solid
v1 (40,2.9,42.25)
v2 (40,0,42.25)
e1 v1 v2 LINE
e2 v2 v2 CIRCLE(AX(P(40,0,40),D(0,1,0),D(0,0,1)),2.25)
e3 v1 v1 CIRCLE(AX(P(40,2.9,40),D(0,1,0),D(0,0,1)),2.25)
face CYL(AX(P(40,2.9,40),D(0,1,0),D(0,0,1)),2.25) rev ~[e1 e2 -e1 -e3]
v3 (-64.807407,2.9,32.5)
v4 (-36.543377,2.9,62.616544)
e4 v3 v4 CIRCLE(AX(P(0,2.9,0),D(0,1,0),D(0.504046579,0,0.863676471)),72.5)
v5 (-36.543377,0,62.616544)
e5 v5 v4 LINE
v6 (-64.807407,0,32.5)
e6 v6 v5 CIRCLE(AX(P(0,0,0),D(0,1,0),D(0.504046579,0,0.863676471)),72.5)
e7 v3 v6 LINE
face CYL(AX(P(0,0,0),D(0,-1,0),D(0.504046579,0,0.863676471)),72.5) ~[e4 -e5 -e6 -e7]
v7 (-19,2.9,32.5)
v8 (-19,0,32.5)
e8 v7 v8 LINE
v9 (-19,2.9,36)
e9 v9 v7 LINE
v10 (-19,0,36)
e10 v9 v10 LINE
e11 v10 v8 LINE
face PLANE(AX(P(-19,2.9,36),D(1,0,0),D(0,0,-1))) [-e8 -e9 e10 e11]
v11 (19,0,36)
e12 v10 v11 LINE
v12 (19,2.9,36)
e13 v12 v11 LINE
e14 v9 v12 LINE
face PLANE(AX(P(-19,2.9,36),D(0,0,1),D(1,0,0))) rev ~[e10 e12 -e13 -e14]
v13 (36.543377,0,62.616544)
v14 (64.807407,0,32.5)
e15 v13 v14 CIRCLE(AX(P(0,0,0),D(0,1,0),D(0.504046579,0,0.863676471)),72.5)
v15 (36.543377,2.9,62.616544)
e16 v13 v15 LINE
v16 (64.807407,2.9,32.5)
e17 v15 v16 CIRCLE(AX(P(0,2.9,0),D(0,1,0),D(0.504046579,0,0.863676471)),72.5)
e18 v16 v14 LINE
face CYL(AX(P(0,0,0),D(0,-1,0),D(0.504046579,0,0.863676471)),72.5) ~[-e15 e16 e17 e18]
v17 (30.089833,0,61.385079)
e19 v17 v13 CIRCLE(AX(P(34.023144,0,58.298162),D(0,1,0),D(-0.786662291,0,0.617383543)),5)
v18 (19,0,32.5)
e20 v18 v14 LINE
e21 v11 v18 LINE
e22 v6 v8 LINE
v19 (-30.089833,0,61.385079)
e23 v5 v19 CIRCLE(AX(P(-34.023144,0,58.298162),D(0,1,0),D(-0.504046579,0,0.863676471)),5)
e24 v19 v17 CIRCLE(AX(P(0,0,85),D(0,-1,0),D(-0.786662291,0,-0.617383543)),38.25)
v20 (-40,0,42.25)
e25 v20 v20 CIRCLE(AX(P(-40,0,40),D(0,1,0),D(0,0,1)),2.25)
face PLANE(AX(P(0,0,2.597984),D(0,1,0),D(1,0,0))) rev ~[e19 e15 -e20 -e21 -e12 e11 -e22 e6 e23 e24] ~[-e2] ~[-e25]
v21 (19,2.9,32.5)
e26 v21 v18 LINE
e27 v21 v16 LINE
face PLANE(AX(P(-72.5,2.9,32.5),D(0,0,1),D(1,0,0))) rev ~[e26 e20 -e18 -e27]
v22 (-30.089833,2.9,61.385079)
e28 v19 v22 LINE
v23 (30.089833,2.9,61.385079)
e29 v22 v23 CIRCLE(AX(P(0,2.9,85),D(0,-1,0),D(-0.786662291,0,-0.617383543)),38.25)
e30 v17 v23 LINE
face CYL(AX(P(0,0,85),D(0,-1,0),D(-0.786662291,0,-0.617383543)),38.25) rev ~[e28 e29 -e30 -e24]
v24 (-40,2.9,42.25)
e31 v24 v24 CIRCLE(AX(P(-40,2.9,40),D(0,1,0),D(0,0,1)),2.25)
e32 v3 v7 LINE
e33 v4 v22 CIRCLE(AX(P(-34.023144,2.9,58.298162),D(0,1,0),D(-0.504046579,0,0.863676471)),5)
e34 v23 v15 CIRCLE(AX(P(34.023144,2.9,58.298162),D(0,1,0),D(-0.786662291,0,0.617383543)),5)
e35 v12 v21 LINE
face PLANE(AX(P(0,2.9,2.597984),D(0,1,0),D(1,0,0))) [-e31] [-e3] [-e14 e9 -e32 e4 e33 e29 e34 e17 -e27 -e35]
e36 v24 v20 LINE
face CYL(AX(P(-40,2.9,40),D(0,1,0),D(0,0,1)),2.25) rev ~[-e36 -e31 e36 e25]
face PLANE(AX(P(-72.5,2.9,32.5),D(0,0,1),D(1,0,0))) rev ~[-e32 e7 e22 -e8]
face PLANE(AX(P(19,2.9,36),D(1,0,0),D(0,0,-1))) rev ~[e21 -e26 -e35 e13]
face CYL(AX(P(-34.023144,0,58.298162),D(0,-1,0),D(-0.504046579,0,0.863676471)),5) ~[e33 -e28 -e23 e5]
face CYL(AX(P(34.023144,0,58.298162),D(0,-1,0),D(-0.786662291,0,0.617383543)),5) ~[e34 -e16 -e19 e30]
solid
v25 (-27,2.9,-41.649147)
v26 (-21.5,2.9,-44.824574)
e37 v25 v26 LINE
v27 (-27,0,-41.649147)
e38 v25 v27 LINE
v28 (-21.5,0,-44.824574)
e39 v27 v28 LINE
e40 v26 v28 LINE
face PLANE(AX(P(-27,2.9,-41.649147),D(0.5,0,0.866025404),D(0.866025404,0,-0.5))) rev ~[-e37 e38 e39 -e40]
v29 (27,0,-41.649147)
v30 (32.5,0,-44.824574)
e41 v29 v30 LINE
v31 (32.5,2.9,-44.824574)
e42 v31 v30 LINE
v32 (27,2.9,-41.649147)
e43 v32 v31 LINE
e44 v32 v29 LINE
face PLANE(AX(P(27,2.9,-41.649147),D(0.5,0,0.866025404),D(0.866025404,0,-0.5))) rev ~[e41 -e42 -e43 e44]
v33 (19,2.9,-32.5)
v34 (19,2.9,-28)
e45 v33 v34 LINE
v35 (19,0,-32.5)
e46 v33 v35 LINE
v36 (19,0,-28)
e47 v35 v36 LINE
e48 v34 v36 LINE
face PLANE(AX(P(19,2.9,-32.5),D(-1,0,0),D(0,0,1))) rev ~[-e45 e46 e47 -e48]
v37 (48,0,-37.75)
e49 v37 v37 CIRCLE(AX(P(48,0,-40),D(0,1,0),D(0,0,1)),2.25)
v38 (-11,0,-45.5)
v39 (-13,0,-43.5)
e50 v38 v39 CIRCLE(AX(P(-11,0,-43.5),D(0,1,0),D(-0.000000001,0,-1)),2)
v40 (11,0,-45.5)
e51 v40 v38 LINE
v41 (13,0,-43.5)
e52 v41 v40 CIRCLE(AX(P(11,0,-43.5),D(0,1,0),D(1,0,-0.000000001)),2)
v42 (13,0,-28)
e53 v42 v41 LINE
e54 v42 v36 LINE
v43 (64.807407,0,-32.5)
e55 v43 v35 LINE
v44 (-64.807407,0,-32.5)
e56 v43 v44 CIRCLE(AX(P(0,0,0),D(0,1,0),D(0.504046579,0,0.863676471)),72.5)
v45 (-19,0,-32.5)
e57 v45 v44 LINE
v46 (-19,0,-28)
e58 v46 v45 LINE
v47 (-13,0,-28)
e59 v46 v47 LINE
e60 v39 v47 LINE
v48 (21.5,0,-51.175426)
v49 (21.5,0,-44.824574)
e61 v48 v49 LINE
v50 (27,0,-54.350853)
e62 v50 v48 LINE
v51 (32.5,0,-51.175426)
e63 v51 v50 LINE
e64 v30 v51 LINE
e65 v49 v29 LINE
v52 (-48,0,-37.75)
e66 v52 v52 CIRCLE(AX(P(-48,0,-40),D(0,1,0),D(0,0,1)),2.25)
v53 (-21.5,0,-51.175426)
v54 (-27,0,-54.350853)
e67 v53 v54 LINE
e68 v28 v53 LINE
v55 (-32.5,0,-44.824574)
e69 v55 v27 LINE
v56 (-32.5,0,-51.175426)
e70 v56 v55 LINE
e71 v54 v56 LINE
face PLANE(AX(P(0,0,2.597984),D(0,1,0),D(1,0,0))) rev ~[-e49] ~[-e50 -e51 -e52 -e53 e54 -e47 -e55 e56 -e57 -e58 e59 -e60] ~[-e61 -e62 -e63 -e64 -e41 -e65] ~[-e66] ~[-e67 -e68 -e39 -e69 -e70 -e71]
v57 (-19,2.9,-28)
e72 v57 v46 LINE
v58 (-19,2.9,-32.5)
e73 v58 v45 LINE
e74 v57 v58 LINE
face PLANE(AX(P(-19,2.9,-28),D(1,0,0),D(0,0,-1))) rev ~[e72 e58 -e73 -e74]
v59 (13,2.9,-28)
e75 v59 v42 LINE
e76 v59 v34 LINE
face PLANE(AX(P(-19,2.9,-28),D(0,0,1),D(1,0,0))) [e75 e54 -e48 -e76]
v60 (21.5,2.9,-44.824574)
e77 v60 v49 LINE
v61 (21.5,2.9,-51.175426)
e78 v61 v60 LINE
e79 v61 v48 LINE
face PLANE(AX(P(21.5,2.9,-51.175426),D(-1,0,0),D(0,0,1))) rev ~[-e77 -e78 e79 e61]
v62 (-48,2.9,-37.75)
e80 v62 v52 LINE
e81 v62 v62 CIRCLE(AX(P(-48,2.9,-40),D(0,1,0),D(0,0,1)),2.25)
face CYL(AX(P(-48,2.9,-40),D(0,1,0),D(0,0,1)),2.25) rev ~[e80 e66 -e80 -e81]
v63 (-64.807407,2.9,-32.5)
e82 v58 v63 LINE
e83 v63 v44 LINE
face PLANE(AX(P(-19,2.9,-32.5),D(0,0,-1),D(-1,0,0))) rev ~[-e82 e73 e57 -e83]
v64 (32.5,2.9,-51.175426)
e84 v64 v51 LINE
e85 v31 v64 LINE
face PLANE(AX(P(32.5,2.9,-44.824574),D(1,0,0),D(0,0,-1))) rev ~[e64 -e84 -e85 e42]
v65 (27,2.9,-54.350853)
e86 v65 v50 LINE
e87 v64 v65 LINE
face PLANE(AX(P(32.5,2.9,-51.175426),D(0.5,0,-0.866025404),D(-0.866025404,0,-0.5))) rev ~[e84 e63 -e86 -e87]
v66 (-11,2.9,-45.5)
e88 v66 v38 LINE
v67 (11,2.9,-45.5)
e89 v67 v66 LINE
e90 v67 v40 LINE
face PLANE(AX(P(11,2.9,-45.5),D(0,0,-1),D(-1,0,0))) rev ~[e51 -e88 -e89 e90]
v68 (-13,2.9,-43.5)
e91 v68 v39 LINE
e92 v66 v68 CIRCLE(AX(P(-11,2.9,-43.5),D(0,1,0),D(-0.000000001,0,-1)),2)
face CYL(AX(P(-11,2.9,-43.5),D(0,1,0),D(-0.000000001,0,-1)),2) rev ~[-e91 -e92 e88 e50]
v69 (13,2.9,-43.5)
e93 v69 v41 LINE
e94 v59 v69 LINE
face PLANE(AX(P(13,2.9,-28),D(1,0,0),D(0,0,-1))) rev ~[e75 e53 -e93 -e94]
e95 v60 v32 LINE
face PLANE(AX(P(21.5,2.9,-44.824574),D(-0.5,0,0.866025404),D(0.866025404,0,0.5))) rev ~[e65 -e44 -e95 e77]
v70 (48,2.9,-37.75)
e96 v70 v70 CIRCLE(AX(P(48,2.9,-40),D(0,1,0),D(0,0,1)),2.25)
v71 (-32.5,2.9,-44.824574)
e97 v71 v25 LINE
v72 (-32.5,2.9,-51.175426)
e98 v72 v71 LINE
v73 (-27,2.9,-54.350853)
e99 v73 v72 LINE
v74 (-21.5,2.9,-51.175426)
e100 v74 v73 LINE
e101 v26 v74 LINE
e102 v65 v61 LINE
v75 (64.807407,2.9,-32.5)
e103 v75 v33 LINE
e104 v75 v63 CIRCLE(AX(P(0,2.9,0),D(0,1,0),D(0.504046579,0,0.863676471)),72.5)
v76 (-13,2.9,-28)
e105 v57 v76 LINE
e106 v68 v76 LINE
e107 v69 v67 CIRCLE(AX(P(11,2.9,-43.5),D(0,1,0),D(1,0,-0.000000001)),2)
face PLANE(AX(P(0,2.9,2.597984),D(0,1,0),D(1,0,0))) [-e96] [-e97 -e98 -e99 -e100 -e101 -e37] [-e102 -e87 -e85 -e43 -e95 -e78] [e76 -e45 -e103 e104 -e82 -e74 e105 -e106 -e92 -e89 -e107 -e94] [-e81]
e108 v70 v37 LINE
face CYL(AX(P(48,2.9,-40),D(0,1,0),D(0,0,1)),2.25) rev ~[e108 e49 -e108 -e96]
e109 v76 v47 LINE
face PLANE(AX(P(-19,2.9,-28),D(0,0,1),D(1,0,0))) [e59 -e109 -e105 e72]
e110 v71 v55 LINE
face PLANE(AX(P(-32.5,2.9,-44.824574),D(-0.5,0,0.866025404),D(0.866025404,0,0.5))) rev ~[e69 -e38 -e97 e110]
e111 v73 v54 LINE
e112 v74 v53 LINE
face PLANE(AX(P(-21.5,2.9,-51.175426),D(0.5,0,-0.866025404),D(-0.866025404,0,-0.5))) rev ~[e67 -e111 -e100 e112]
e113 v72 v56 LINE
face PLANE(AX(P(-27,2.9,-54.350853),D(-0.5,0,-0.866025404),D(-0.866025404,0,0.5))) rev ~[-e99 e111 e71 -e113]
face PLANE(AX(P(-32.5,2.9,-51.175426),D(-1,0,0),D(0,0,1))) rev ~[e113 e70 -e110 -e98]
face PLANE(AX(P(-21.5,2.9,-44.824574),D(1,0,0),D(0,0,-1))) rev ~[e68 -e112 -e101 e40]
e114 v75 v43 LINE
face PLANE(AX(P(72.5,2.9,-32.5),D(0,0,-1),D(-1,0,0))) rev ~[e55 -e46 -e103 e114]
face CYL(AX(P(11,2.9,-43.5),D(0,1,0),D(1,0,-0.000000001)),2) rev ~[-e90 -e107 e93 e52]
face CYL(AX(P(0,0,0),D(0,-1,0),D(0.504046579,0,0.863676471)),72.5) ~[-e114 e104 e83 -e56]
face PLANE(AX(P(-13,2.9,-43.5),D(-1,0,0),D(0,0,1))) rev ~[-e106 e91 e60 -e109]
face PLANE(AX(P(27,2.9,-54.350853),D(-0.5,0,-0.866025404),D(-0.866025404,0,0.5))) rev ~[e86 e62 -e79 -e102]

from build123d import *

# Parameters (mm, degrees)
BOSS_EXTRUDE1_DEPTH  = 2.9
SOLENOID_PLACEMENT_W = 38
SOLENOID_PLACEMENT_H = 64
CUT_EXTRUDE1_DEPTH   = 103.571487266
CUT_EXTRUDE5_DEPTH   = 103.571487266
SKETCH6_R            = 2.25
CUT_EXTRUDE6_DEPTH   = 103.571487266
CUT_EXTRUDE3_DEPTH   = 103.571487266
CUT_EXTRUDE7_DEPTH   = 98.286484159


with BuildPart() as part:
    # Sketch1 → Boss-Extrude1 (new body)
    with BuildSketch(Plane(origin=(0, 0, 0), x_dir=(1, 0, 0), z_dir=(0, 1, 0))):
        with BuildLine():
            ThreePointArc((36.543377003, -62.616544118), (0, 72.5), (-36.543377003, -62.616544118))
            ThreePointArc((-36.543377003, -62.616544118), (-33.085954668, -63.20954405), (-30.089832649, -61.38507948))
            ThreePointArc((-30.089832649, -61.38507948), (0, -46.75), (30.089832649, -61.38507948))
            ThreePointArc((30.089832649, -61.38507948), (33.085954668, -63.20954405), (36.543377003, -62.616544118))
        make_face()
    extrude(amount=BOSS_EXTRUDE1_DEPTH)

    # solenoid placement → Cut-Extrude1 (cut, through all)
    with BuildSketch(Plane(origin=(0, 2.9, 0), x_dir=(1, 0, 0), z_dir=(0, 1, 0))):
        with Locations((0, -4)):
            Rectangle(SOLENOID_PLACEMENT_W, SOLENOID_PLACEMENT_H)
    extrude(amount=-CUT_EXTRUDE1_DEPTH, mode=Mode.SUBTRACT)

    # Sketch5 → Cut-Extrude5 (cut, through all)
    with BuildSketch(Plane(origin=(0, 2.9, 0), x_dir=(1, 0, 0), z_dir=(0, 1, 0))):
        Polygon((-21.5, 51.175426481), (-27, 54.350852961), (-32.5, 51.175426481), (-32.5, 44.824573519), (-27, 41.649147039), (-21.5, 44.824573519), align=None)
        Polygon((21.5, 51.175426481), (21.5, 44.824573519), (27, 41.649147039), (32.5, 44.824573519), (32.5, 51.175426481), (27, 54.350852961), align=None)
    extrude(amount=-CUT_EXTRUDE5_DEPTH, mode=Mode.SUBTRACT)

    # Sketch6 → Cut-Extrude6 (cut, through all)
    with BuildSketch(Plane(origin=(0, 2.9, 0), x_dir=(1, 0, 0), z_dir=(0, 1, 0))):
        with Locations(Location((48, 40, 0), (0, 0, 270))):
            Circle(SKETCH6_R)
        with Locations(Location((-48, 40, 0), (0, 0, 270))):
            Circle(SKETCH6_R)
        with Locations(Location((40, -40, 0), (0, 0, 270))):
            Circle(SKETCH6_R)
        with Locations(Location((-40, -40, 0), (0, 0, 270))):
            Circle(SKETCH6_R)
    extrude(amount=-CUT_EXTRUDE6_DEPTH, mode=Mode.SUBTRACT)

    # Sketch3 → Cut-Extrude3 (cut, through all)
    with BuildSketch(Plane(origin=(0, 2.9, 0), x_dir=(1, 0, 0), z_dir=(0, 1, 0))):
        Polygon((-19, 28), (-19, 32.5), (-72.5, 32.5), (-72.5, -32.5), (72.5, -32.5), (72.5, 32.5), (19, 32.5), (19, 28), align=None)
    extrude(amount=-CUT_EXTRUDE3_DEPTH, mode=Mode.SUBTRACT)


with BuildPart() as cut_extrude3_piece_1:
    # of the separate pieces the step leaves, piece 1, a body of its own (cut_extrude3_pieces)
    add(part.part.solids().sort_by_distance((64.807406984, 0, -32.5))[0])

    # Sketch7 → Cut-Extrude7 (cut, through all)
    with BuildSketch(Plane(origin=(0, 2.9, 0), x_dir=(1, 0, 0), z_dir=(0, 1, 0))):
        with BuildLine():
            Line((13, 28), (13, 43.5))
            ThreePointArc((13, 43.5), (12.414213562, 44.914213562), (11, 45.5))
            Line((11, 45.5), (-11, 45.5))
            ThreePointArc((-11, 45.5), (-12.414213562, 44.914213562), (-13, 43.5))
            Line((-13, 43.5), (-13, 28))
            Line((-13, 28), (13, 28))
        make_face()
    extrude(amount=-CUT_EXTRUDE7_DEPTH, mode=Mode.SUBTRACT)


with BuildPart() as cut_extrude3_piece_2:
    # of the separate pieces the step leaves, piece 2, a body of its own (cut_extrude3_pieces)
    add(part.part.solids().sort_by_distance((-36.543377003, 0, 62.616544118))[0])


solid = Compound([cut_extrude3_piece_1.part, cut_extrude3_piece_2.part])
